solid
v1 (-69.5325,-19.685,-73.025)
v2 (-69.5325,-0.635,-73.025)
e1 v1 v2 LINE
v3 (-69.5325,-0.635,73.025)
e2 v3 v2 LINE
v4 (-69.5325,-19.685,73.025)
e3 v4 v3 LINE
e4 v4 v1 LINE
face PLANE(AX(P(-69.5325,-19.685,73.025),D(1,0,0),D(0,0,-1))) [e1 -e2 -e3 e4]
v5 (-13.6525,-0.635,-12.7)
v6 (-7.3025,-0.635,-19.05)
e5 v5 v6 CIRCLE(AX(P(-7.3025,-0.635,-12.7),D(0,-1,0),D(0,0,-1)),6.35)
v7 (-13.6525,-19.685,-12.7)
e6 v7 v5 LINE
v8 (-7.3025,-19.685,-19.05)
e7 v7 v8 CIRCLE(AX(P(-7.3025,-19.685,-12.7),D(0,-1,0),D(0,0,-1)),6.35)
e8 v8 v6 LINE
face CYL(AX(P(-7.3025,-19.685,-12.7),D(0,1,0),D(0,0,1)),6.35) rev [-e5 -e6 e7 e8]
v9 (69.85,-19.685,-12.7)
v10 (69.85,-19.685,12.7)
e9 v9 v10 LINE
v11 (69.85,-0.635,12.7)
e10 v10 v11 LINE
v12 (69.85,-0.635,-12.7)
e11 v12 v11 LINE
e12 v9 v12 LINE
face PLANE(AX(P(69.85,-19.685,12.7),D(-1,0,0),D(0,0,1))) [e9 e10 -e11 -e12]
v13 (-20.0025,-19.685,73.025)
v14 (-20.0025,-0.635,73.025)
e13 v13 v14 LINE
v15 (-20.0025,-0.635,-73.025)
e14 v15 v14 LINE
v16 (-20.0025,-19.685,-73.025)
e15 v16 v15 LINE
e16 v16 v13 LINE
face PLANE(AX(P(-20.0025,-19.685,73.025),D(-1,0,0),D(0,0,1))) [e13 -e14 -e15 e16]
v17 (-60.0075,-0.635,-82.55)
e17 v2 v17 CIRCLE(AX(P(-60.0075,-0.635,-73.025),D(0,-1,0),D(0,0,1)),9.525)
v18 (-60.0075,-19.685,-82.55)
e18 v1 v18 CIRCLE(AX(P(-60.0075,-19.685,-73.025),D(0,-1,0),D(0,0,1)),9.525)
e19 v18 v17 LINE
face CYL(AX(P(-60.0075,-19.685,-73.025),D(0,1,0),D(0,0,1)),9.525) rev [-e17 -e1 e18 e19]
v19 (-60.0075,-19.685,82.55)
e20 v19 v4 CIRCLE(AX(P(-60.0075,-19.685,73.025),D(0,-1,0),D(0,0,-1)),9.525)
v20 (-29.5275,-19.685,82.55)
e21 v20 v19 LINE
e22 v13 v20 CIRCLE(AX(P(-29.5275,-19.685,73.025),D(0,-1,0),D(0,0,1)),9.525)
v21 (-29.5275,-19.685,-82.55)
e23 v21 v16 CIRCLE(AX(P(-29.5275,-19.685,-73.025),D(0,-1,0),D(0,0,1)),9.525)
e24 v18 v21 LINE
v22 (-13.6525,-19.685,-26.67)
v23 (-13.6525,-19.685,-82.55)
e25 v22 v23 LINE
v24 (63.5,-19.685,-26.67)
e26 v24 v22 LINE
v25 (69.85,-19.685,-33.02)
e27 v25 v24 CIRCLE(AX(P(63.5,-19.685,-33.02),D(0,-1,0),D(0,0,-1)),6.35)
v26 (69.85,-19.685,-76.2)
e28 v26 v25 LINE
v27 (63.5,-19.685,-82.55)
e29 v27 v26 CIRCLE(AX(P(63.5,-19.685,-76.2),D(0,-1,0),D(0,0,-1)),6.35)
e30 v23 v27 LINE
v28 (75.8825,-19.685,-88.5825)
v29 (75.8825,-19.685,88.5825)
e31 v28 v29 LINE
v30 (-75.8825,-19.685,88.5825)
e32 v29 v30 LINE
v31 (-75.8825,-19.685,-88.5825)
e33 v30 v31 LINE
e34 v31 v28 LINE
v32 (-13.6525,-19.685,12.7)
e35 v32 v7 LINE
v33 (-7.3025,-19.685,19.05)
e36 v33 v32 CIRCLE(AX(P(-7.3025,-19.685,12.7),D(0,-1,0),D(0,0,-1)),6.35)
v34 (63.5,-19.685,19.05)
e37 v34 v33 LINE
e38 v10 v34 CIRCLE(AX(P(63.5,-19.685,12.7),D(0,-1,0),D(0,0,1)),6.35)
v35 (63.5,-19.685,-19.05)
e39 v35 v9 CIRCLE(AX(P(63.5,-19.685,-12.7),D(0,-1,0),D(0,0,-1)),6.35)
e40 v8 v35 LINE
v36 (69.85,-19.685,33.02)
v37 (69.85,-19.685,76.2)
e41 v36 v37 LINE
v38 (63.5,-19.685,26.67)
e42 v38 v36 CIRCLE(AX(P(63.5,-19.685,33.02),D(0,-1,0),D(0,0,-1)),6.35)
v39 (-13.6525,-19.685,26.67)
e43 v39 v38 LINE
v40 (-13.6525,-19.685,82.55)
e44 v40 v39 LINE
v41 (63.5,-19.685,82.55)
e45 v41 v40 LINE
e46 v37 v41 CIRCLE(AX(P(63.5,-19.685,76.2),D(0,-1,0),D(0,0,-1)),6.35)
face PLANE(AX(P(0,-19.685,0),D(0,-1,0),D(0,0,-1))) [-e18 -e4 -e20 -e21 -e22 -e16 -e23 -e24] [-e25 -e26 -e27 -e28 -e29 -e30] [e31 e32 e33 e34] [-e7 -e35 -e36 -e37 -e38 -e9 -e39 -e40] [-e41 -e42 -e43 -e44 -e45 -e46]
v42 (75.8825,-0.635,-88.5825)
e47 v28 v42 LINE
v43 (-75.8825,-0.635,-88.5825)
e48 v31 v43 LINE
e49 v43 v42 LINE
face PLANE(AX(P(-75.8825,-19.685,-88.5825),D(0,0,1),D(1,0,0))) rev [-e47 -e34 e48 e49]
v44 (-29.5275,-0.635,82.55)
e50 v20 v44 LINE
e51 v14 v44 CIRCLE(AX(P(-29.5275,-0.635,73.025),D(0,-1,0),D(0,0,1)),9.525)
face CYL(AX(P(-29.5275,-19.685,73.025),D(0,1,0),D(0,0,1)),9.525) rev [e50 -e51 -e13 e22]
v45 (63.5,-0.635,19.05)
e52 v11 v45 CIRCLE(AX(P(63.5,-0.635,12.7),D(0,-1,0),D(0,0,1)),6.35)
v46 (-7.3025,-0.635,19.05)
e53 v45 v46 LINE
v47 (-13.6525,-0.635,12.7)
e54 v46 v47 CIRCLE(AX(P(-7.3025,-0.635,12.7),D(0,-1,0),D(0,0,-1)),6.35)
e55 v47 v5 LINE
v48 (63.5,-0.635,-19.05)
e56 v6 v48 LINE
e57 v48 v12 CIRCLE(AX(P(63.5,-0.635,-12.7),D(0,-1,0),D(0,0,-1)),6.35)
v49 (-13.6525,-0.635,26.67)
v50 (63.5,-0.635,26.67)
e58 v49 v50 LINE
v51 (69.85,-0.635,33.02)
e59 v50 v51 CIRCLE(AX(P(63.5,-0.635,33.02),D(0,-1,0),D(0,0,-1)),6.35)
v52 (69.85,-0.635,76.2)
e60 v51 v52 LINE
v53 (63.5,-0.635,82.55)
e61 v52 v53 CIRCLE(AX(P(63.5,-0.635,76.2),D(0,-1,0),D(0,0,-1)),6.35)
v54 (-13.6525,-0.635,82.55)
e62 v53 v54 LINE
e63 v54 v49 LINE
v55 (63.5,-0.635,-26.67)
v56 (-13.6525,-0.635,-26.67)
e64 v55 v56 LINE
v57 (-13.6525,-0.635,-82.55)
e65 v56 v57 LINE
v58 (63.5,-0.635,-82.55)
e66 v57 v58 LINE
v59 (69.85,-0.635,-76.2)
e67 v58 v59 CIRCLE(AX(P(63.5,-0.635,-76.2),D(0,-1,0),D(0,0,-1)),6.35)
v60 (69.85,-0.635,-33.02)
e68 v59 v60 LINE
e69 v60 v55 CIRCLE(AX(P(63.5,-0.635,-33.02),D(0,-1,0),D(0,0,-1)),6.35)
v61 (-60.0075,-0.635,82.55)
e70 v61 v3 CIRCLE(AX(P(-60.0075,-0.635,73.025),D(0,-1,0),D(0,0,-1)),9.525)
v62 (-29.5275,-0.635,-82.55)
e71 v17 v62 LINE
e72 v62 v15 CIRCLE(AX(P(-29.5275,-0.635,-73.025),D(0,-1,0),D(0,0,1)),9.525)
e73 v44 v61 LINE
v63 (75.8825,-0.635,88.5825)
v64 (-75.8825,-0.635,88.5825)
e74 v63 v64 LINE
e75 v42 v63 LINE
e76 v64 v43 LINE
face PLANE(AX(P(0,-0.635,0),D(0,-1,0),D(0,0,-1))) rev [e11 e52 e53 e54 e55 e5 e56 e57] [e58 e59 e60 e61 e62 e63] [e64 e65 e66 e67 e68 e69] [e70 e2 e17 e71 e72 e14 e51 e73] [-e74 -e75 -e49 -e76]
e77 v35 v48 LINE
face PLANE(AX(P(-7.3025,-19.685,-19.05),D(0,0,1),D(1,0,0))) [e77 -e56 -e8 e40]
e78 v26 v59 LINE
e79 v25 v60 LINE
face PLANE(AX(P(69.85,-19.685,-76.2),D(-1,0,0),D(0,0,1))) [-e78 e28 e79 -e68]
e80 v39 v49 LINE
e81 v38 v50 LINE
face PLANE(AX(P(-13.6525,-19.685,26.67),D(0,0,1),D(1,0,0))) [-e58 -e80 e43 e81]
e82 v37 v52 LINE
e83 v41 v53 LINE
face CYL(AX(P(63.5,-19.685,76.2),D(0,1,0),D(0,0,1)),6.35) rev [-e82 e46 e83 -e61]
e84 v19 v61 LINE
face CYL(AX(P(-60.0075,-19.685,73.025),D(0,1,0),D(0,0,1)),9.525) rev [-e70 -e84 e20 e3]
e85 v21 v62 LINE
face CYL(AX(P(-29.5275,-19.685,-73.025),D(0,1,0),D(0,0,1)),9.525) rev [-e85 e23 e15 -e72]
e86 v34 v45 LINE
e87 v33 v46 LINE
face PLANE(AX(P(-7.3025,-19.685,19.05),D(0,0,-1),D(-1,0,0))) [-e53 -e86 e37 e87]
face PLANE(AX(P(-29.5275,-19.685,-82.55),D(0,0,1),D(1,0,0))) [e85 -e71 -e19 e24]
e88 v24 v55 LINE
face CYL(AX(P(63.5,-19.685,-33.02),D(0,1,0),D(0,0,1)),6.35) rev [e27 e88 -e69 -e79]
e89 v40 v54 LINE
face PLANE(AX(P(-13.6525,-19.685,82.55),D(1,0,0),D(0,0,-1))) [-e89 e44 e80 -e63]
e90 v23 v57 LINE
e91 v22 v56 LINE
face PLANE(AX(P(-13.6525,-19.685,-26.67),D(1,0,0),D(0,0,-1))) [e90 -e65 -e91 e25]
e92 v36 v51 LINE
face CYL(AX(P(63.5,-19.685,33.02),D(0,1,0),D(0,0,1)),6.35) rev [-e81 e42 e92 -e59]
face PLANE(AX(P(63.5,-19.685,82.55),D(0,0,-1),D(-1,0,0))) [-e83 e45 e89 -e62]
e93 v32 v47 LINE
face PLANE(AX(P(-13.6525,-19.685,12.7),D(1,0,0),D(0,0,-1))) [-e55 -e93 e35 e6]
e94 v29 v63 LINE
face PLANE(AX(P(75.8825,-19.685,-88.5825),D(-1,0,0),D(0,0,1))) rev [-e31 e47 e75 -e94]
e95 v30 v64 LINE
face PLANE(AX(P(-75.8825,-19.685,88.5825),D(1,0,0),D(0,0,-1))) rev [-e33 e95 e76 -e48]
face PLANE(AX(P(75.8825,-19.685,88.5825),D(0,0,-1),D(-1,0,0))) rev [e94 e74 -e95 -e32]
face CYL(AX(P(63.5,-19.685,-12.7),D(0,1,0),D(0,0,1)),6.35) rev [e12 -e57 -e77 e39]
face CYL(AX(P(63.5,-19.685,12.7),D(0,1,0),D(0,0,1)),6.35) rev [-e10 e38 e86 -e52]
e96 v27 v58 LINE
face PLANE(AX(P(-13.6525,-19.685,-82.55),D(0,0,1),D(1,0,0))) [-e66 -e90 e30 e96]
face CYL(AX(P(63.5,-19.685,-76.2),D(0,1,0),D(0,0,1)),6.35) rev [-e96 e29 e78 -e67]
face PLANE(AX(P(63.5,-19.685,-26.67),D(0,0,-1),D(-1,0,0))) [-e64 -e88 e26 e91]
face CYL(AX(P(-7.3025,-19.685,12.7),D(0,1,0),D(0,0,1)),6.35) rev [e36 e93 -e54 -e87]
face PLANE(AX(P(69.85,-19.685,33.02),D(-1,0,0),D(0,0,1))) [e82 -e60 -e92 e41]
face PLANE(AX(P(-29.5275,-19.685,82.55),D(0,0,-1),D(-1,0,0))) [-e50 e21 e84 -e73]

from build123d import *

# Parameters (mm, degrees)
SKETCH1_W           = 151.765
SKETCH1_H           = 177.165
BOSS_EXTRUDE1_DEPTH = 19.05


with BuildPart() as part:
    # Sketch1 → Boss-Extrude1 (new body)
    with BuildSketch(Plane(origin=(0, -0.635, 0), x_dir=(-1, 0, 0), z_dir=(0, -1, 0))):
        Rectangle(SKETCH1_W, SKETCH1_H)
        with BuildLine():
            Line((13.6525, 26.67), (13.6525, 82.55))
            Line((13.6525, 82.55), (-63.5, 82.55))
            ThreePointArc((-63.5, 82.55), (-67.990128061, 80.690128061), (-69.85, 76.2))
            Line((-69.85, 76.2), (-69.85, 33.02))
            ThreePointArc((-69.85, 33.02), (-67.990128061, 28.529871939), (-63.5, 26.67))
            Line((-63.5, 26.67), (13.6525, 26.67))
        make_face(mode=Mode.SUBTRACT)
        with BuildLine():
            Line((13.6525, -82.55), (13.6525, -26.67))
            Line((13.6525, -26.67), (-63.5, -26.67))
            ThreePointArc((-63.5, -26.67), (-67.990128061, -28.529871939), (-69.85, -33.02))
            Line((-69.85, -33.02), (-69.85, -76.2))
            ThreePointArc((-69.85, -76.2), (-67.990128061, -80.690128061), (-63.5, -82.55))
            Line((-63.5, -82.55), (13.6525, -82.55))
        make_face(mode=Mode.SUBTRACT)
        with BuildLine():
            Line((7.3025, -19.05), (-63.5, -19.05))
            ThreePointArc((-63.5, -19.05), (-67.990128061, -17.190128061), (-69.85, -12.7))
            Line((-69.85, -12.7), (-69.85, 12.7))
            ThreePointArc((-69.85, 12.7), (-67.990128061, 17.190128061), (-63.5, 19.05))
            Line((-63.5, 19.05), (7.3025, 19.05))
            ThreePointArc((7.3025, 19.05), (11.792628061, 17.190128061), (13.6525, 12.7))
            Line((13.6525, 12.7), (13.6525, -12.7))
            ThreePointArc((13.6525, -12.7), (11.792628061, -17.190128061), (7.3025, -19.05))
        make_face(mode=Mode.SUBTRACT)
        with BuildLine():
            Line((29.5275, -82.55), (60.0075, -82.55))
            ThreePointArc((60.0075, -82.55), (66.742692091, -79.760192091), (69.5325, -73.025))
            Line((69.5325, -73.025), (69.5325, 73.025))
            ThreePointArc((69.5325, 73.025), (66.742692091, 79.760192091), (60.0075, 82.55))
            Line((60.0075, 82.55), (29.5275, 82.55))
            ThreePointArc((29.5275, 82.55), (22.792307909, 79.760192091), (20.0025, 73.025))
            Line((20.0025, 73.025), (20.0025, -73.025))
            ThreePointArc((20.0025, -73.025), (22.792307909, -79.760192091), (29.5275, -82.55))
        make_face(mode=Mode.SUBTRACT)
    extrude(amount=BOSS_EXTRUDE1_DEPTH)


solid = part.part
